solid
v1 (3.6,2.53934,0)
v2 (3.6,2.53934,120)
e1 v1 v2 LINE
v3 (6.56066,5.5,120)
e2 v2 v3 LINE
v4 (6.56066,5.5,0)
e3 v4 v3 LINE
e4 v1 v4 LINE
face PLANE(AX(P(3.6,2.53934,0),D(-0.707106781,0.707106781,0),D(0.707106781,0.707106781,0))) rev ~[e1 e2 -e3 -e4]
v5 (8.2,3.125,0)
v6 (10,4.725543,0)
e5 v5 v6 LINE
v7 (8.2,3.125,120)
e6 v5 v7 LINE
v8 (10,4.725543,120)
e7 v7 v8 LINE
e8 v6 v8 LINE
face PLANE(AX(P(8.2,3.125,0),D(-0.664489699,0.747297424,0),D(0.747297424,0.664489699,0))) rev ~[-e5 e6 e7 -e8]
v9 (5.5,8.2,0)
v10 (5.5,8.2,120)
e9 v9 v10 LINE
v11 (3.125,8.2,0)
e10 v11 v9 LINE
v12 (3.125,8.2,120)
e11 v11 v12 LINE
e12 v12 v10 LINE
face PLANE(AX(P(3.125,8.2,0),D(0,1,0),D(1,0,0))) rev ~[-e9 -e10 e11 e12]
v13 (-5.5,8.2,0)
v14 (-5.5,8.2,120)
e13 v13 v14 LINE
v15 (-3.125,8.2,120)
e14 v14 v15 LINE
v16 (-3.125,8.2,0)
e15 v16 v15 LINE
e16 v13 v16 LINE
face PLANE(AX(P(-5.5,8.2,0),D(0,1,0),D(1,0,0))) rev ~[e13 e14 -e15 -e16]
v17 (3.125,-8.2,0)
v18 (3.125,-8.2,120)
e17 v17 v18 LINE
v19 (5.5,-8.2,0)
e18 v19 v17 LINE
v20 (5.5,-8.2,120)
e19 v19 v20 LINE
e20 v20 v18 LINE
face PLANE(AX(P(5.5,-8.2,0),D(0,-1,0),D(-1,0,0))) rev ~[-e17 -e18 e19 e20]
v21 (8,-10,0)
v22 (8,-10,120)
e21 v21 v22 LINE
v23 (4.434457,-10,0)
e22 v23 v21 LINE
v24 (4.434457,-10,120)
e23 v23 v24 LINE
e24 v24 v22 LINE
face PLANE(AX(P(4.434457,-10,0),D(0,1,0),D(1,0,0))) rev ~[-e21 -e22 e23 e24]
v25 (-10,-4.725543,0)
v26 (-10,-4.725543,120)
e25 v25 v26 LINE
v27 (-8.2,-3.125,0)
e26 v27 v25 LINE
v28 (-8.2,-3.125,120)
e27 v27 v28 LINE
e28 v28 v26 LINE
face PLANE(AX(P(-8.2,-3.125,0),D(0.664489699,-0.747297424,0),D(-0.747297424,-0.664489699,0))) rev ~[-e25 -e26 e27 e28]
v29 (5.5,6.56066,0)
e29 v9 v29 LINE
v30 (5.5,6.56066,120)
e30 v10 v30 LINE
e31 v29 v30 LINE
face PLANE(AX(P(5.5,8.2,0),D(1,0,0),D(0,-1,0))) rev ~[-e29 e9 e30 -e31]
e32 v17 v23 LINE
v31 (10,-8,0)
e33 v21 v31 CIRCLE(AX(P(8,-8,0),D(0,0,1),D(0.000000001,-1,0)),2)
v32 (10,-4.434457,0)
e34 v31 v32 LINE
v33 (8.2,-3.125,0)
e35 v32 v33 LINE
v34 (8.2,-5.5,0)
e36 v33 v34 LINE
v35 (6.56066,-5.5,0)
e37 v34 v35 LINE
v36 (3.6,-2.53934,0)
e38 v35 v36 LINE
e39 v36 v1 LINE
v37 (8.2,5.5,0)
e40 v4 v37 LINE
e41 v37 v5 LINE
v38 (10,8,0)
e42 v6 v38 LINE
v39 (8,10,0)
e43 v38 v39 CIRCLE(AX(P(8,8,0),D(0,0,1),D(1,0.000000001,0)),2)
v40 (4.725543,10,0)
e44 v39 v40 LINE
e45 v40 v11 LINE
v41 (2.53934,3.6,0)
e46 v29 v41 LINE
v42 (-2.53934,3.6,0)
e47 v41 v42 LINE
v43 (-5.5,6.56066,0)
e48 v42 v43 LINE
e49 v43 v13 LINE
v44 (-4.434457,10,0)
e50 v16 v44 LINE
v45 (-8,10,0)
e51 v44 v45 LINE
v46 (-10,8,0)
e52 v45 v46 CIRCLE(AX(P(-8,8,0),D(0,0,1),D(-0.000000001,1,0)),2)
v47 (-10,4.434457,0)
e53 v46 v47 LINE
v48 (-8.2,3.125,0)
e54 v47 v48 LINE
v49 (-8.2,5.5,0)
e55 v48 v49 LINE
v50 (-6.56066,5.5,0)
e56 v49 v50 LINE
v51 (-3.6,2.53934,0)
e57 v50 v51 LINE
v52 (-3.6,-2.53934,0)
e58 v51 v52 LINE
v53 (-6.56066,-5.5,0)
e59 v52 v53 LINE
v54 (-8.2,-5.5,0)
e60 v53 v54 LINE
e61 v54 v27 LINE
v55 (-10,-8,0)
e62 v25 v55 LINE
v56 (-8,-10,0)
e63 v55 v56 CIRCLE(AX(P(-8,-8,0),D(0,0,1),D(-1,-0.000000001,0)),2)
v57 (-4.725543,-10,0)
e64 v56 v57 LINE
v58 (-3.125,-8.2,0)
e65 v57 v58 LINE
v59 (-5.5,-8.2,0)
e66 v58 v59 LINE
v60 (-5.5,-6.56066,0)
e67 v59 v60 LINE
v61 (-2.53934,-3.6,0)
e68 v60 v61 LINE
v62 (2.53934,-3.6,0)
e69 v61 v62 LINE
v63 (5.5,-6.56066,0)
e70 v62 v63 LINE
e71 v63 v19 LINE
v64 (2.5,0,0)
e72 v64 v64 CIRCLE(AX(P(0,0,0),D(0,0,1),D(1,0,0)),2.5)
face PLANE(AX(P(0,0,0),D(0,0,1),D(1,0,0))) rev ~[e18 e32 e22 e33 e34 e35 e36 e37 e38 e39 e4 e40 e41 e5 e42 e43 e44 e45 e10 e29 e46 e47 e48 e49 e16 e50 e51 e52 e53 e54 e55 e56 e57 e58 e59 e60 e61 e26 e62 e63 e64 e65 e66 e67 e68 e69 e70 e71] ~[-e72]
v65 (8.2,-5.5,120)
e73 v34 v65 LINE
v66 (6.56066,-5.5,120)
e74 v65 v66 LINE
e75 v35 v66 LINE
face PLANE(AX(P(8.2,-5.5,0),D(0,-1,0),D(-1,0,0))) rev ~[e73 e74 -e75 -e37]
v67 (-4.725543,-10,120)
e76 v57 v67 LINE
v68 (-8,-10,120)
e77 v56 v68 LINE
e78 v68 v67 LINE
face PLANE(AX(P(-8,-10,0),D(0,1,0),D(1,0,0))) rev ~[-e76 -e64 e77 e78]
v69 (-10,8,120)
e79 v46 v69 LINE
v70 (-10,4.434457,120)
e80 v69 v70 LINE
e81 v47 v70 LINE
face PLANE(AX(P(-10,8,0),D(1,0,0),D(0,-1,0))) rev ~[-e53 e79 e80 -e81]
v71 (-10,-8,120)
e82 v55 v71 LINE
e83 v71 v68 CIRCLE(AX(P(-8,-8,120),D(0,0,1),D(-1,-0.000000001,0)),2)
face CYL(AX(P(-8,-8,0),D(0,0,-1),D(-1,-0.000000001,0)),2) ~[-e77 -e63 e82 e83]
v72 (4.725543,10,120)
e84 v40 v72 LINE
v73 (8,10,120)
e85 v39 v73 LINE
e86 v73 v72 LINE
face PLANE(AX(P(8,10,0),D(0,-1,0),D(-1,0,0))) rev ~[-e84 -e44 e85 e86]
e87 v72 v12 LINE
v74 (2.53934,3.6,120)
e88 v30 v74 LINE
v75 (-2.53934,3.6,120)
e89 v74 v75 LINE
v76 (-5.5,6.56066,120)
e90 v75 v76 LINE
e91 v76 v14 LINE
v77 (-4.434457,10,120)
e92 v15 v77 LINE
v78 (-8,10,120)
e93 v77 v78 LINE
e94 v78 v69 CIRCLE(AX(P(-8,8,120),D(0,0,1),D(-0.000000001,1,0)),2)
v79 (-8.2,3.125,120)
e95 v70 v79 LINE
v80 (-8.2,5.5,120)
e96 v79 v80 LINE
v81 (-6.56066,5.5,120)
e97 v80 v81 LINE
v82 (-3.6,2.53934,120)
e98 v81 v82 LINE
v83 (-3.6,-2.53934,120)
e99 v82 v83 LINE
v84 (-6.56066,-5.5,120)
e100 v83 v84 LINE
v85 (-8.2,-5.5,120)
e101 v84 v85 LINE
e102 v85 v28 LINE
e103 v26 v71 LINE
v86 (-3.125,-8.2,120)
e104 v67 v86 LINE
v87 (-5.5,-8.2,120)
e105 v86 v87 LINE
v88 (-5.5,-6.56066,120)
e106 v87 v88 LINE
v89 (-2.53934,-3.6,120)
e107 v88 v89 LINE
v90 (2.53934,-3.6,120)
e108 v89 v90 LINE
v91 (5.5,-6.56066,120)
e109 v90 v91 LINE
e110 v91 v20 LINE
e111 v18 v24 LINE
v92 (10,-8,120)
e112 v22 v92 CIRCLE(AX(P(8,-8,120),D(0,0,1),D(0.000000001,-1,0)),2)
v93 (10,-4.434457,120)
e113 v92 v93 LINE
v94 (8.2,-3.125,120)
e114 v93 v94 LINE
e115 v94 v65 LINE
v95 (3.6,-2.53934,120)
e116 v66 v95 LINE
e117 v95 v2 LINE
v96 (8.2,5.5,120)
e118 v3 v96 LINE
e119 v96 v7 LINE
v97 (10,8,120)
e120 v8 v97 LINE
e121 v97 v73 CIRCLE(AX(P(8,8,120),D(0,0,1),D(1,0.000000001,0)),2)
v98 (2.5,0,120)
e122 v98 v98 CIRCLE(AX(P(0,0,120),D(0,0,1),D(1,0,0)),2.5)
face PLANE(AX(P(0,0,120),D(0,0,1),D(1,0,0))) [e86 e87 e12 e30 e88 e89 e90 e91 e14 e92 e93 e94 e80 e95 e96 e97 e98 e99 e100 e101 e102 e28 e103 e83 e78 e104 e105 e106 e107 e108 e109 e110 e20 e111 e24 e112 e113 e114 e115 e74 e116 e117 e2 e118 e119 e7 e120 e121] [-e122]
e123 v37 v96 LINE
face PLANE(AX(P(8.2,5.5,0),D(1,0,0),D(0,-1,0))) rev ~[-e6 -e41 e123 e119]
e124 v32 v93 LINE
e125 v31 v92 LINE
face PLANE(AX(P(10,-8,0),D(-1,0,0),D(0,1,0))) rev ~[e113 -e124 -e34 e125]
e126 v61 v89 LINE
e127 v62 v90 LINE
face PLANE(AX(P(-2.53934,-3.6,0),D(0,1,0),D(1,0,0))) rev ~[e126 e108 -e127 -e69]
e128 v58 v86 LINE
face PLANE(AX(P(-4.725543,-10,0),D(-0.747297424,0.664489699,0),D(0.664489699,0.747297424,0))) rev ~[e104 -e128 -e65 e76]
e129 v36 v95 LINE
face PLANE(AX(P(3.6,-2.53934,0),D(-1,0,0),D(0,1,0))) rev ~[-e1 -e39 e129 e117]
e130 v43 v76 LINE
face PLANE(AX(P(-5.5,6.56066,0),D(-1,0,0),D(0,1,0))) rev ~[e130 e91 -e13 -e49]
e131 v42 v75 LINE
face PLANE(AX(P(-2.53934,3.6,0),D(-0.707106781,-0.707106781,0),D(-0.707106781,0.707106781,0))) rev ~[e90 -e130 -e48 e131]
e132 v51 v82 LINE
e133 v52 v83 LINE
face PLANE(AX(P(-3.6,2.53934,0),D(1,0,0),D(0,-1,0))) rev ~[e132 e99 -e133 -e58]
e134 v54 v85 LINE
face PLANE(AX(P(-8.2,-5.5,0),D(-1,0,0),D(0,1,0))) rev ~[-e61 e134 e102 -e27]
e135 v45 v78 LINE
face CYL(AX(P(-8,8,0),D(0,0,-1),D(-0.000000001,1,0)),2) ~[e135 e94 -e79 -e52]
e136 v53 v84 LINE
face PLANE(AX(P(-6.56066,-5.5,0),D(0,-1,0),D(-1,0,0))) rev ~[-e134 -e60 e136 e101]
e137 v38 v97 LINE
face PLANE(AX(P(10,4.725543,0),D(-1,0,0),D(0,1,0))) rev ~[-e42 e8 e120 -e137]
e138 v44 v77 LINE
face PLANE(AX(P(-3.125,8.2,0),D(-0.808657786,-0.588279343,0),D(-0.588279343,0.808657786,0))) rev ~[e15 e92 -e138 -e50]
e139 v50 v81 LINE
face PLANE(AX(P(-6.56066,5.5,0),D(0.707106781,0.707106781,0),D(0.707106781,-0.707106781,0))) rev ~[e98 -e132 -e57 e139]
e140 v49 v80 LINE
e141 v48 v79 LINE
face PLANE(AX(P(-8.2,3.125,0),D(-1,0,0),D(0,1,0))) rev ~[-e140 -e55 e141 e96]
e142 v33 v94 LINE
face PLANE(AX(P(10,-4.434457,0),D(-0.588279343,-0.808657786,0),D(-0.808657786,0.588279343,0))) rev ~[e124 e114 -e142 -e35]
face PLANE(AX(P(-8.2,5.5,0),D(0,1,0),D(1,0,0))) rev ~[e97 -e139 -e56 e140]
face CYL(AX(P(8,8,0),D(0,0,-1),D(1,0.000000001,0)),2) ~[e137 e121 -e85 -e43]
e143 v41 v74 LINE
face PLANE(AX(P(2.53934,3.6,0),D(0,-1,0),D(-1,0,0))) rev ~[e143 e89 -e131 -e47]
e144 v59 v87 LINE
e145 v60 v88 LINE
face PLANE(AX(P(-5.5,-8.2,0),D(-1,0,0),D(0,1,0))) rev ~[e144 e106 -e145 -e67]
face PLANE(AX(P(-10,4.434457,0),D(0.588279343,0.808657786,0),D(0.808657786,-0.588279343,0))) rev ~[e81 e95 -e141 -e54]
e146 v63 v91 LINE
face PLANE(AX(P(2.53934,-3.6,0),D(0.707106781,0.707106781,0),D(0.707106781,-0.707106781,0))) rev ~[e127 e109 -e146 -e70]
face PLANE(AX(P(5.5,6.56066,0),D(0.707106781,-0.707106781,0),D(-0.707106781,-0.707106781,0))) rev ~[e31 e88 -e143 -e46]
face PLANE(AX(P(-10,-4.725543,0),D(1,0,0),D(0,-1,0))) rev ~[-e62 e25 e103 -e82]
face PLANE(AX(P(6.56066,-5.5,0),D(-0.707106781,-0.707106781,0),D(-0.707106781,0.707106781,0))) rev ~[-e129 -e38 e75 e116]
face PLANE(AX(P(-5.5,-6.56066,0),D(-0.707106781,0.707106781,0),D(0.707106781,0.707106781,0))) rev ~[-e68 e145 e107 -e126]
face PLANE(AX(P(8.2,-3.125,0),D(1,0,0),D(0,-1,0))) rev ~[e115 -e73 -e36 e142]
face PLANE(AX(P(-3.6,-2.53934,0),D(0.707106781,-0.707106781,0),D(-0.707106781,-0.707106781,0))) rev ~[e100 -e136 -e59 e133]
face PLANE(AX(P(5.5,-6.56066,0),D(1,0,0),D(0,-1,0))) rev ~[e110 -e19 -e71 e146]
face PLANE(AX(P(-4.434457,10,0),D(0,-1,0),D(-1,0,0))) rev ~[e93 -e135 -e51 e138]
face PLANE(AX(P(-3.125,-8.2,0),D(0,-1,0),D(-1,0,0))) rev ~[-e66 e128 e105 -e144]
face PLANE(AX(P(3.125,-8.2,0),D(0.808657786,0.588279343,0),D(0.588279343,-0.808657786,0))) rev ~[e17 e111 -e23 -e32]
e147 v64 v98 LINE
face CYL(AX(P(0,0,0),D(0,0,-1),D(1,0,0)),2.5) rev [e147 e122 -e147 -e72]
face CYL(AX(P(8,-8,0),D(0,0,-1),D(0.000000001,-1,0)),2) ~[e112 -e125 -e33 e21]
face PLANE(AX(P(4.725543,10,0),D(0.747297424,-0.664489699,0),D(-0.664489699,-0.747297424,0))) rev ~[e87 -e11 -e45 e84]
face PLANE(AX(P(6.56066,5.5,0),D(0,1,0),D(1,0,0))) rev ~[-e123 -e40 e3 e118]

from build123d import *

# Parameters (mm, degrees)
SKETCH1_R               = 2.5
ALUMINIUM_PROFILE_DEPTH = 120


with BuildPart() as part:
    # Sketch1 → Aluminium_profile (new body)
    with BuildSketch(Plane.XY):
        with BuildLine():
            Line((-4.725542729, -10), (-3.125, -8.2))
            Line((-3.125, -8.2), (-5.5, -8.2))
            Line((-5.5, -8.2), (-5.5, -6.560660172))
            Line((-5.5, -6.560660172), (-2.539339828, -3.6))
            Line((-2.539339828, -3.6), (2.539339828, -3.6))
            Line((2.539339828, -3.6), (5.5, -6.560660172))
            Line((5.5, -6.560660172), (5.5, -8.2))
            Line((5.5, -8.2), (3.125, -8.2))
            Line((3.125, -8.2), (4.434457271, -10))
            Line((4.434457271, -10), (8, -10))
            ThreePointArc((8, -10), (9.414213562, -9.414213562), (10, -8))
            Line((10, -8), (10, -4.434457271))
            Line((10, -4.434457271), (8.2, -3.125))
            Line((8.2, -3.125), (8.2, -5.5))
            Line((8.2, -5.5), (6.560660172, -5.5))
            Line((6.560660172, -5.5), (3.6, -2.539339828))
            Line((3.6, -2.539339828), (3.6, 2.539339828))
            Line((3.6, 2.539339828), (6.560660172, 5.5))
            Line((6.560660172, 5.5), (8.2, 5.5))
            Line((8.2, 5.5), (8.2, 3.125))
            Line((8.2, 3.125), (10, 4.725542729))
            Line((10, 4.725542729), (10, 8))
            ThreePointArc((10, 8), (9.414213562, 9.414213562), (8, 10))
            Line((8, 10), (4.725542729, 10))
            Line((4.725542729, 10), (3.125, 8.2))
            Line((3.125, 8.2), (5.5, 8.2))
            Line((5.5, 8.2), (5.5, 6.560660172))
            Line((5.5, 6.560660172), (2.539339828, 3.6))
            Line((2.539339828, 3.6), (-2.539339828, 3.6))
            Line((-2.539339828, 3.6), (-5.5, 6.560660172))
            Line((-5.5, 6.560660172), (-5.5, 8.2))
            Line((-5.5, 8.2), (-3.125, 8.2))
            Line((-3.125, 8.2), (-4.434457271, 10))
            Line((-4.434457271, 10), (-8, 10))
            ThreePointArc((-8, 10), (-9.414213562, 9.414213562), (-10, 8))
            Line((-10, 8), (-10, 4.434457271))
            Line((-10, 4.434457271), (-8.2, 3.125))
            Line((-8.2, 3.125), (-8.2, 5.5))
            Line((-8.2, 5.5), (-6.560660172, 5.5))
            Line((-6.560660172, 5.5), (-3.6, 2.539339828))
            Line((-3.6, 2.539339828), (-3.6, -2.539339828))
            Line((-3.6, -2.539339828), (-6.560660172, -5.5))
            Line((-6.560660172, -5.5), (-8.2, -5.5))
            Line((-8.2, -5.5), (-8.2, -3.125))
            Line((-8.2, -3.125), (-10, -4.725542729))
            Line((-10, -4.725542729), (-10, -8))
            ThreePointArc((-10, -8), (-9.414213562, -9.414213562), (-8, -10))
            Line((-8, -10), (-4.725542729, -10))
        make_face()
        Circle(SKETCH1_R, mode=Mode.SUBTRACT)
    extrude(amount=ALUMINIUM_PROFILE_DEPTH)


solid = part.part
